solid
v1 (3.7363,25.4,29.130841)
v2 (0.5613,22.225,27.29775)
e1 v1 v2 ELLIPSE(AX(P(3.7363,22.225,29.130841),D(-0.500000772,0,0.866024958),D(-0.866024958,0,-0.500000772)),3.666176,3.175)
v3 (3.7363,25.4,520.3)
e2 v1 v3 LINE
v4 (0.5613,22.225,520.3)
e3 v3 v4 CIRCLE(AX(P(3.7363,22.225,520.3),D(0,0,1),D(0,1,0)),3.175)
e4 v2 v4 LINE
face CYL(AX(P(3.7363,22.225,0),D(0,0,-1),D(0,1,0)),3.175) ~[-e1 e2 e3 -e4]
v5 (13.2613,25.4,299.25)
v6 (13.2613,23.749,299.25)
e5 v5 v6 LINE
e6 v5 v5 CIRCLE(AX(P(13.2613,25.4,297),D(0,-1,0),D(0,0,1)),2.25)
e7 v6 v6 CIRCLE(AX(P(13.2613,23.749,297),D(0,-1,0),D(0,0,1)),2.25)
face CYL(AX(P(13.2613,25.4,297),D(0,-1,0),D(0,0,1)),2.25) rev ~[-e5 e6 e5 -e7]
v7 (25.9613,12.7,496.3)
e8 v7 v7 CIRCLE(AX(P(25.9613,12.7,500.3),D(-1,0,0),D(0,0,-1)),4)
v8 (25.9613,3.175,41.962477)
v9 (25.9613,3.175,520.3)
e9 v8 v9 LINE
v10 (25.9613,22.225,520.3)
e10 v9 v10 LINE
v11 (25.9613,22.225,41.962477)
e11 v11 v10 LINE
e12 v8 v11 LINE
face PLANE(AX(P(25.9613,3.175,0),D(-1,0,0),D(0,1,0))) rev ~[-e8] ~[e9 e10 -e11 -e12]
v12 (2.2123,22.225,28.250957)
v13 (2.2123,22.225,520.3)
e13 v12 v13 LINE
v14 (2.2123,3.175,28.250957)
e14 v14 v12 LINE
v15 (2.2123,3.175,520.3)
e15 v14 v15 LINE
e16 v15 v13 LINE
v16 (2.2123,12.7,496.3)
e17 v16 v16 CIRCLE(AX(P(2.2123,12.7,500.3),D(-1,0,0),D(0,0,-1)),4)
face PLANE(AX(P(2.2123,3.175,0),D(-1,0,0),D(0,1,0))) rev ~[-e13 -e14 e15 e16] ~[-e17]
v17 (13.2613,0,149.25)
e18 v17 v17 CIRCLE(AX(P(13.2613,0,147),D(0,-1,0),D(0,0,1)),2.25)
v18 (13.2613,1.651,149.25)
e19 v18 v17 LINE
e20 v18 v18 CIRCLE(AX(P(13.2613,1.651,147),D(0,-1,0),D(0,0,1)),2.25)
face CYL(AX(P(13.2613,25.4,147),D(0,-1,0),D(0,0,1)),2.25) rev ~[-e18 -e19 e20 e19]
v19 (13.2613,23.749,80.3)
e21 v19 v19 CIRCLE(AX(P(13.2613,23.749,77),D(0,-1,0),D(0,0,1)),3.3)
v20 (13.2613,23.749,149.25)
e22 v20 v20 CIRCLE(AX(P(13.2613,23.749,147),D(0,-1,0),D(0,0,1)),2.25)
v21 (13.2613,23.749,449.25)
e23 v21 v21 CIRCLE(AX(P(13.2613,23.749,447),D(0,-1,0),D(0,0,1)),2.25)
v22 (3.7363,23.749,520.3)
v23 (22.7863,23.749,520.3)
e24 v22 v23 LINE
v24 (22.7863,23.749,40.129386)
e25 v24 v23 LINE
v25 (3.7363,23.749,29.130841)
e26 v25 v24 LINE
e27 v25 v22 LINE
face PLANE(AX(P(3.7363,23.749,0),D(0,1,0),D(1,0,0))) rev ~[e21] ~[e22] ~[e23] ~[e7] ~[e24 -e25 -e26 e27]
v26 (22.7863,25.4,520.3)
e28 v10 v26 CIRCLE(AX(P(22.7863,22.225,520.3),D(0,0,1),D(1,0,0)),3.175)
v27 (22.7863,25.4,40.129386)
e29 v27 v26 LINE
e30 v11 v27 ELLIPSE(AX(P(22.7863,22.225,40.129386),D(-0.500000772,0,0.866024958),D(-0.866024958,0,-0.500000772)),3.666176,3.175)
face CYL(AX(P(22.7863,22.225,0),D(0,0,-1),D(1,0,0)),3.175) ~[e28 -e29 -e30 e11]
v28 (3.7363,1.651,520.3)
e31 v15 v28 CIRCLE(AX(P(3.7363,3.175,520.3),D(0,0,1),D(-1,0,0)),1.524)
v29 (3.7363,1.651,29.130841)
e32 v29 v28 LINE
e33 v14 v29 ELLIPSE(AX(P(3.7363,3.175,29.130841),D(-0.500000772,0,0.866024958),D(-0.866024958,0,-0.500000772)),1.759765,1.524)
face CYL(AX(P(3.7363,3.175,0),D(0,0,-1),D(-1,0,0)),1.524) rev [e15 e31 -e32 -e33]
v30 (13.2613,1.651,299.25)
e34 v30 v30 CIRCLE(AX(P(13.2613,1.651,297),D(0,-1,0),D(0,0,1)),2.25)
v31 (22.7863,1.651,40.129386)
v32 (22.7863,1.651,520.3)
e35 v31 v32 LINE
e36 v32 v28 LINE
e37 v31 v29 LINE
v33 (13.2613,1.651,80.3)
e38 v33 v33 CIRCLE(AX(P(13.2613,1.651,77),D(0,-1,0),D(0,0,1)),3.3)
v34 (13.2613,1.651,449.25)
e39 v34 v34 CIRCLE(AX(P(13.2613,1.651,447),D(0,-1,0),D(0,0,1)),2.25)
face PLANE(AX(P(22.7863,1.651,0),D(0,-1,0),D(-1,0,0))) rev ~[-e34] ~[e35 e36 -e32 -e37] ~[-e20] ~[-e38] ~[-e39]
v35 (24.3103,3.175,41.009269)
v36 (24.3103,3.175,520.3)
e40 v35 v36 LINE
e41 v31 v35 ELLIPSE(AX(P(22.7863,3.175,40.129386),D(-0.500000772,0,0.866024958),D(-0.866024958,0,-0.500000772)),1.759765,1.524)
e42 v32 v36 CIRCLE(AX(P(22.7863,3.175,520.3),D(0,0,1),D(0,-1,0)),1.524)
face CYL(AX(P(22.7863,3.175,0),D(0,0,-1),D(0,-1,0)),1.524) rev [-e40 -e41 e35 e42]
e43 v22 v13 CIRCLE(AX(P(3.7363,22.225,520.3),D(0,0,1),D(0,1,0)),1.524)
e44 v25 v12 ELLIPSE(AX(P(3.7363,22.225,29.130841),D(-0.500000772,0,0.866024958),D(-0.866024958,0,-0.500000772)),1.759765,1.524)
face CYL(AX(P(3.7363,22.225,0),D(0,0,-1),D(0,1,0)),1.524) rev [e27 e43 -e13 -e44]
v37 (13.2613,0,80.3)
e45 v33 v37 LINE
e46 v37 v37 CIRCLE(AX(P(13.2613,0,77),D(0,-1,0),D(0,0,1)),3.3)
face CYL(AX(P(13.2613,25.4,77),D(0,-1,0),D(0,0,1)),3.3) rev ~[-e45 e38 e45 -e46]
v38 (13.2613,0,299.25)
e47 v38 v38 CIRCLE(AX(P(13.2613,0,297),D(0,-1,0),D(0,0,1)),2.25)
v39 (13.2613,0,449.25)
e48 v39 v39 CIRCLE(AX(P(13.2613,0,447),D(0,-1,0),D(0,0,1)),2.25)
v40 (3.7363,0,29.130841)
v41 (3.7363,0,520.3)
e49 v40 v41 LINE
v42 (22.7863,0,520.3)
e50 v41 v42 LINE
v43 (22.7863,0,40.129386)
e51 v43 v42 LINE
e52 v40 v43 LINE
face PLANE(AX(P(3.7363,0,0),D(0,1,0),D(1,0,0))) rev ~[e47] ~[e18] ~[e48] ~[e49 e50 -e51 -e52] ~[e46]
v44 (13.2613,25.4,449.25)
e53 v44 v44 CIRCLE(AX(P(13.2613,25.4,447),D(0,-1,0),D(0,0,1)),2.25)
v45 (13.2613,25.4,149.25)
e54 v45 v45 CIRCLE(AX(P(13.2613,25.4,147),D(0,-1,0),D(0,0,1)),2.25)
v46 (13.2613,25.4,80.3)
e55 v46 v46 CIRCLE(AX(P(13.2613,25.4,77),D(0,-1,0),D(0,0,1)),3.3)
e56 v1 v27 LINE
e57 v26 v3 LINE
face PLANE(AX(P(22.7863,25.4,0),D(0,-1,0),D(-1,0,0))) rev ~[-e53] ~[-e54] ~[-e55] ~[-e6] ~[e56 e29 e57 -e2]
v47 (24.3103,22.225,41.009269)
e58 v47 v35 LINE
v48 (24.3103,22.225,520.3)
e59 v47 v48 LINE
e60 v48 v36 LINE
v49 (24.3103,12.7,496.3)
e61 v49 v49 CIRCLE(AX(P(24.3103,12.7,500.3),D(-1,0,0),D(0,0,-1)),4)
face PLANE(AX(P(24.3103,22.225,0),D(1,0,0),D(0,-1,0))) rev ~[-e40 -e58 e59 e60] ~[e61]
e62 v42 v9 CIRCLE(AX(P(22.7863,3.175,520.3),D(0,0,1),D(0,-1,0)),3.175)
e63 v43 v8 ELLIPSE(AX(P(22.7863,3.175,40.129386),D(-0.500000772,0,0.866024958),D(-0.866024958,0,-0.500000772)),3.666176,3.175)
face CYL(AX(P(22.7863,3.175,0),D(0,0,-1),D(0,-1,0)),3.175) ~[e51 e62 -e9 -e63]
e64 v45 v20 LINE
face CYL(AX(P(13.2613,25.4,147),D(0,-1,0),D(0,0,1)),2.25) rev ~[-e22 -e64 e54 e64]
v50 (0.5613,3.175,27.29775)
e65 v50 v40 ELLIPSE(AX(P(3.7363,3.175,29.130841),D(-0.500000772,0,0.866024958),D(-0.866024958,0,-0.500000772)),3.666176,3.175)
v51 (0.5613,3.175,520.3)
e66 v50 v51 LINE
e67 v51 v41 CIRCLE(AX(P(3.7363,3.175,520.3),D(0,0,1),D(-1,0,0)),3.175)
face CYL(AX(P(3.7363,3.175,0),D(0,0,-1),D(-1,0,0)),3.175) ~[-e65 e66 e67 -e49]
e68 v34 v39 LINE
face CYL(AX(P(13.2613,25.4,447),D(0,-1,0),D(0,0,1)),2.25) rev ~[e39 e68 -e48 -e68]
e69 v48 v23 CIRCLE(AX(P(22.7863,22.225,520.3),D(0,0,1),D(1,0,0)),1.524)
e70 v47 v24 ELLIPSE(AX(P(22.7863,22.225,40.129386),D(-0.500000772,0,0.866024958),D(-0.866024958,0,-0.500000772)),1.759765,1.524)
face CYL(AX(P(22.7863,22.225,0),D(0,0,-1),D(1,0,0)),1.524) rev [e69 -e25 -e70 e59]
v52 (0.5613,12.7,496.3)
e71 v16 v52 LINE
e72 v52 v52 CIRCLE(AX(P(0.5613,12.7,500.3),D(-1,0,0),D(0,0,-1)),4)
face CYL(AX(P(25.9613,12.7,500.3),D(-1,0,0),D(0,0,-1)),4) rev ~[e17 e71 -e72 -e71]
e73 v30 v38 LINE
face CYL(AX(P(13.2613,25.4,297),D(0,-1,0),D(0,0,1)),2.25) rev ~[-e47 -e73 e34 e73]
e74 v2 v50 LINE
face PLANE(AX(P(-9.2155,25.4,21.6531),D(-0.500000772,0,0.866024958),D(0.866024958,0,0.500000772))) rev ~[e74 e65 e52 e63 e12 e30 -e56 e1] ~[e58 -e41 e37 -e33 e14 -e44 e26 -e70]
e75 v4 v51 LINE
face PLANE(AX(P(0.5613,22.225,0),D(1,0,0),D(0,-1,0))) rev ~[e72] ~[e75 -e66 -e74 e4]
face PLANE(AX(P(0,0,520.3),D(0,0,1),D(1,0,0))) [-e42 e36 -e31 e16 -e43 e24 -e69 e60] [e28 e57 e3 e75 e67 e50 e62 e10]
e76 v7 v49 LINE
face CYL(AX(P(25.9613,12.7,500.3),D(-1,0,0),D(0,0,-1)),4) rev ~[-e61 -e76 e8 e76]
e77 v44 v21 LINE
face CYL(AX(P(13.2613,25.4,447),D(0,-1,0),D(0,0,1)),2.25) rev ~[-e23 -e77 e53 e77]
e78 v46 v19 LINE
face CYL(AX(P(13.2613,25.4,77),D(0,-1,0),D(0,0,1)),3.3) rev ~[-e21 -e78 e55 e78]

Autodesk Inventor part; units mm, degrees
ref_plane "YZ Plane" through (0, 0, 0) normal (1, 0, 0) x (0, 1, 0)
ref_plane "XZ Plane" through (0, 0, 0) normal (0, 1, 0) x (-1, 0, 0)
ref_plane "XY Plane" through (0, 0, 0) normal (0, 0, 1) x (1, 0, 0)
sketch "Sketch1" plane through (0, 0, 0) normal (0, 0, 1) x (1, 0, 0)
  line L0 (3.7363, 0) -> (22.7863, 0)
  line L1 (25.9613, 3.175) -> (25.9613, 22.225)
  line L2 (22.7863, 25.4) -> (3.7363, 25.4)
  line L3 (0.5613, 22.225) -> (0.5613, 3.175)
  arc A0 (3.7363, 25.4) -> (0.5613, 22.225) centre (3.7363, 22.225) ccw
  arc A1 (0.5613, 3.175) -> (3.7363, 0) centre (3.7363, 3.175) ccw
  arc A2 (22.7863, 0) -> (25.9613, 3.175) centre (22.7863, 3.175) ccw
  arc A3 (25.9613, 22.225) -> (22.7863, 25.4) centre (22.7863, 22.225) ccw
  line L4 (3.7363, 23.749) -> (22.7863, 23.749)
  arc A4 (24.3103, 22.225) -> (22.7863, 23.749) centre (22.7863, 22.225) ccw
  line L5 (24.3103, 22.225) -> (24.3103, 3.175)
  arc A5 (22.7863, 1.651) -> (24.3103, 3.175) centre (22.7863, 3.175) ccw
  line L6 (22.7863, 1.651) -> (3.7363, 1.651)
  arc A6 (2.2123, 3.175) -> (3.7363, 1.651) centre (3.7363, 3.175) ccw
  line L7 (2.2123, 3.175) -> (2.2123, 22.225)
  arc A7 (3.7363, 23.749) -> (2.2123, 22.225) centre (3.7363, 22.225) ccw
  point P0 (0, 0)
  point P1 (0.5613, 0)
  point P2 (25.9613, 0)
  point P3 (0.5613, 25.4)
  dimension "d0" = 25.4
  dimension "d2" = 25.4
  dimension "d3" = 3.175
  dimension "d4" = 1.651
extrude "tube" add sketch "Sketch1" along normal blind 520.3
sketch "Sketch11" plane through (3.7363, 25.4, 0) normal (0, 1, 0) x (1, 0, 0)
  line L0 (19.05, 0) -> (0, 0) projected
  circle A0 centre (9.525, -20) radius 2.8743
  point P0 (-3.7363, 0)
  dimension "d83" = 20
hole "centerHole_cutOff" at (13.2613, 25.4, 20) direction (0, -1, 0) diameter 6.35 end through all
sketch "Sketch12" plane through (3.7363, 25.4, 0) normal (0, 1, 0) x (1, 0, 0)
  circle A0 centre (9.525, -20) radius 3.175 projected
  circle A1 centre (9.525, -77) radius 2.5235
  point P0 (-3.7363, 0)
  dimension "d91" = 57
hole "collarHole" at (13.2613, 25.4, 77) direction (0, -1, 0) diameter 6.6 end through all clearance for "Hex Head Bolt" size "M6" standard "Ansi Metric M Profile"
sketch "Sketch8" plane through (3.7363, 25.4, 520.3) normal (0, 1, 0) x (1, 0, 0)
  line L0 (0, 520.3) -> (0, 0) projected
  circle A0 centre (9.525, 73.3) radius 1.5875
  circle A1 centre (9.525, 223.3) radius 1.5875
  circle A2 centre (9.525, 373.3) radius 1.5875
  circle A3 centre (9.525, 500.3) radius 3.175 projected
  point P0 (0, 518.1689)
  point P1 (-3.7363, 520.3)
  dimension "d43" = 3.175
  dimension "d47" = 150
  dimension "d99" = 127
hole "armAttach" at (13.2613, 25.4, 447) at (13.2613, 25.4, 297) at (13.2613, 25.4, 147) direction (0, -1, 0) diameter 4.5 end through all clearance for "Flat Head Machine Screw" size "M4" standard "Ansi Metric M Profile"
sketch "Sketch6" plane through (25.9613, 3.175, 520.3) normal (1, 0, 0) x (0, 0, -1)
  line L0 (0, 0) -> (0, 19.05) projected
  circle A0 centre (20, 9.525) radius 2.9685
  point P0 (520.3, -3.175)
  dimension "d27" = 20
hole "ropeAttach" at (25.9613, 12.7, 500.3) direction (-1, 0, 0) diameter 8 end through all
sketch "Sketch13" plane through (3.7363, 25.4, 0) normal (0, 1, 0) x (1, 0, 0)
  circle A0 centre (9.525, -20) radius 3.175 projected
  line L0 (9.525, -20) -> (9.525, -34.6812) construction
  line L1 (-12.9518, -21.6531) -> (31.0422, -47.0531)
  line L2 (0, -34.6812) -> (50.8, -34.6812) construction
  line L3 (-12.9518, 4.6365) -> (31.0422, 4.6365)
  line L4 (31.0422, -47.0531) -> (31.0422, 4.6365)
  line L5 (-12.9518, 4.6365) -> (-12.9518, -21.6531)
  point P0 (-3.7363, 0)
  dimension "d100" = 14.6812
  dimension "d101" = 50.8
  dimension "d102" = 30
extrude "angledEnd" cut sketch "Sketch13" against normal blind 50.8
equation "\"d0\" = tube"
equation "\"d2\" = tube"
equation "\"tube\" = 25.4"
properties part number "2f2ax1" material "Steel"
